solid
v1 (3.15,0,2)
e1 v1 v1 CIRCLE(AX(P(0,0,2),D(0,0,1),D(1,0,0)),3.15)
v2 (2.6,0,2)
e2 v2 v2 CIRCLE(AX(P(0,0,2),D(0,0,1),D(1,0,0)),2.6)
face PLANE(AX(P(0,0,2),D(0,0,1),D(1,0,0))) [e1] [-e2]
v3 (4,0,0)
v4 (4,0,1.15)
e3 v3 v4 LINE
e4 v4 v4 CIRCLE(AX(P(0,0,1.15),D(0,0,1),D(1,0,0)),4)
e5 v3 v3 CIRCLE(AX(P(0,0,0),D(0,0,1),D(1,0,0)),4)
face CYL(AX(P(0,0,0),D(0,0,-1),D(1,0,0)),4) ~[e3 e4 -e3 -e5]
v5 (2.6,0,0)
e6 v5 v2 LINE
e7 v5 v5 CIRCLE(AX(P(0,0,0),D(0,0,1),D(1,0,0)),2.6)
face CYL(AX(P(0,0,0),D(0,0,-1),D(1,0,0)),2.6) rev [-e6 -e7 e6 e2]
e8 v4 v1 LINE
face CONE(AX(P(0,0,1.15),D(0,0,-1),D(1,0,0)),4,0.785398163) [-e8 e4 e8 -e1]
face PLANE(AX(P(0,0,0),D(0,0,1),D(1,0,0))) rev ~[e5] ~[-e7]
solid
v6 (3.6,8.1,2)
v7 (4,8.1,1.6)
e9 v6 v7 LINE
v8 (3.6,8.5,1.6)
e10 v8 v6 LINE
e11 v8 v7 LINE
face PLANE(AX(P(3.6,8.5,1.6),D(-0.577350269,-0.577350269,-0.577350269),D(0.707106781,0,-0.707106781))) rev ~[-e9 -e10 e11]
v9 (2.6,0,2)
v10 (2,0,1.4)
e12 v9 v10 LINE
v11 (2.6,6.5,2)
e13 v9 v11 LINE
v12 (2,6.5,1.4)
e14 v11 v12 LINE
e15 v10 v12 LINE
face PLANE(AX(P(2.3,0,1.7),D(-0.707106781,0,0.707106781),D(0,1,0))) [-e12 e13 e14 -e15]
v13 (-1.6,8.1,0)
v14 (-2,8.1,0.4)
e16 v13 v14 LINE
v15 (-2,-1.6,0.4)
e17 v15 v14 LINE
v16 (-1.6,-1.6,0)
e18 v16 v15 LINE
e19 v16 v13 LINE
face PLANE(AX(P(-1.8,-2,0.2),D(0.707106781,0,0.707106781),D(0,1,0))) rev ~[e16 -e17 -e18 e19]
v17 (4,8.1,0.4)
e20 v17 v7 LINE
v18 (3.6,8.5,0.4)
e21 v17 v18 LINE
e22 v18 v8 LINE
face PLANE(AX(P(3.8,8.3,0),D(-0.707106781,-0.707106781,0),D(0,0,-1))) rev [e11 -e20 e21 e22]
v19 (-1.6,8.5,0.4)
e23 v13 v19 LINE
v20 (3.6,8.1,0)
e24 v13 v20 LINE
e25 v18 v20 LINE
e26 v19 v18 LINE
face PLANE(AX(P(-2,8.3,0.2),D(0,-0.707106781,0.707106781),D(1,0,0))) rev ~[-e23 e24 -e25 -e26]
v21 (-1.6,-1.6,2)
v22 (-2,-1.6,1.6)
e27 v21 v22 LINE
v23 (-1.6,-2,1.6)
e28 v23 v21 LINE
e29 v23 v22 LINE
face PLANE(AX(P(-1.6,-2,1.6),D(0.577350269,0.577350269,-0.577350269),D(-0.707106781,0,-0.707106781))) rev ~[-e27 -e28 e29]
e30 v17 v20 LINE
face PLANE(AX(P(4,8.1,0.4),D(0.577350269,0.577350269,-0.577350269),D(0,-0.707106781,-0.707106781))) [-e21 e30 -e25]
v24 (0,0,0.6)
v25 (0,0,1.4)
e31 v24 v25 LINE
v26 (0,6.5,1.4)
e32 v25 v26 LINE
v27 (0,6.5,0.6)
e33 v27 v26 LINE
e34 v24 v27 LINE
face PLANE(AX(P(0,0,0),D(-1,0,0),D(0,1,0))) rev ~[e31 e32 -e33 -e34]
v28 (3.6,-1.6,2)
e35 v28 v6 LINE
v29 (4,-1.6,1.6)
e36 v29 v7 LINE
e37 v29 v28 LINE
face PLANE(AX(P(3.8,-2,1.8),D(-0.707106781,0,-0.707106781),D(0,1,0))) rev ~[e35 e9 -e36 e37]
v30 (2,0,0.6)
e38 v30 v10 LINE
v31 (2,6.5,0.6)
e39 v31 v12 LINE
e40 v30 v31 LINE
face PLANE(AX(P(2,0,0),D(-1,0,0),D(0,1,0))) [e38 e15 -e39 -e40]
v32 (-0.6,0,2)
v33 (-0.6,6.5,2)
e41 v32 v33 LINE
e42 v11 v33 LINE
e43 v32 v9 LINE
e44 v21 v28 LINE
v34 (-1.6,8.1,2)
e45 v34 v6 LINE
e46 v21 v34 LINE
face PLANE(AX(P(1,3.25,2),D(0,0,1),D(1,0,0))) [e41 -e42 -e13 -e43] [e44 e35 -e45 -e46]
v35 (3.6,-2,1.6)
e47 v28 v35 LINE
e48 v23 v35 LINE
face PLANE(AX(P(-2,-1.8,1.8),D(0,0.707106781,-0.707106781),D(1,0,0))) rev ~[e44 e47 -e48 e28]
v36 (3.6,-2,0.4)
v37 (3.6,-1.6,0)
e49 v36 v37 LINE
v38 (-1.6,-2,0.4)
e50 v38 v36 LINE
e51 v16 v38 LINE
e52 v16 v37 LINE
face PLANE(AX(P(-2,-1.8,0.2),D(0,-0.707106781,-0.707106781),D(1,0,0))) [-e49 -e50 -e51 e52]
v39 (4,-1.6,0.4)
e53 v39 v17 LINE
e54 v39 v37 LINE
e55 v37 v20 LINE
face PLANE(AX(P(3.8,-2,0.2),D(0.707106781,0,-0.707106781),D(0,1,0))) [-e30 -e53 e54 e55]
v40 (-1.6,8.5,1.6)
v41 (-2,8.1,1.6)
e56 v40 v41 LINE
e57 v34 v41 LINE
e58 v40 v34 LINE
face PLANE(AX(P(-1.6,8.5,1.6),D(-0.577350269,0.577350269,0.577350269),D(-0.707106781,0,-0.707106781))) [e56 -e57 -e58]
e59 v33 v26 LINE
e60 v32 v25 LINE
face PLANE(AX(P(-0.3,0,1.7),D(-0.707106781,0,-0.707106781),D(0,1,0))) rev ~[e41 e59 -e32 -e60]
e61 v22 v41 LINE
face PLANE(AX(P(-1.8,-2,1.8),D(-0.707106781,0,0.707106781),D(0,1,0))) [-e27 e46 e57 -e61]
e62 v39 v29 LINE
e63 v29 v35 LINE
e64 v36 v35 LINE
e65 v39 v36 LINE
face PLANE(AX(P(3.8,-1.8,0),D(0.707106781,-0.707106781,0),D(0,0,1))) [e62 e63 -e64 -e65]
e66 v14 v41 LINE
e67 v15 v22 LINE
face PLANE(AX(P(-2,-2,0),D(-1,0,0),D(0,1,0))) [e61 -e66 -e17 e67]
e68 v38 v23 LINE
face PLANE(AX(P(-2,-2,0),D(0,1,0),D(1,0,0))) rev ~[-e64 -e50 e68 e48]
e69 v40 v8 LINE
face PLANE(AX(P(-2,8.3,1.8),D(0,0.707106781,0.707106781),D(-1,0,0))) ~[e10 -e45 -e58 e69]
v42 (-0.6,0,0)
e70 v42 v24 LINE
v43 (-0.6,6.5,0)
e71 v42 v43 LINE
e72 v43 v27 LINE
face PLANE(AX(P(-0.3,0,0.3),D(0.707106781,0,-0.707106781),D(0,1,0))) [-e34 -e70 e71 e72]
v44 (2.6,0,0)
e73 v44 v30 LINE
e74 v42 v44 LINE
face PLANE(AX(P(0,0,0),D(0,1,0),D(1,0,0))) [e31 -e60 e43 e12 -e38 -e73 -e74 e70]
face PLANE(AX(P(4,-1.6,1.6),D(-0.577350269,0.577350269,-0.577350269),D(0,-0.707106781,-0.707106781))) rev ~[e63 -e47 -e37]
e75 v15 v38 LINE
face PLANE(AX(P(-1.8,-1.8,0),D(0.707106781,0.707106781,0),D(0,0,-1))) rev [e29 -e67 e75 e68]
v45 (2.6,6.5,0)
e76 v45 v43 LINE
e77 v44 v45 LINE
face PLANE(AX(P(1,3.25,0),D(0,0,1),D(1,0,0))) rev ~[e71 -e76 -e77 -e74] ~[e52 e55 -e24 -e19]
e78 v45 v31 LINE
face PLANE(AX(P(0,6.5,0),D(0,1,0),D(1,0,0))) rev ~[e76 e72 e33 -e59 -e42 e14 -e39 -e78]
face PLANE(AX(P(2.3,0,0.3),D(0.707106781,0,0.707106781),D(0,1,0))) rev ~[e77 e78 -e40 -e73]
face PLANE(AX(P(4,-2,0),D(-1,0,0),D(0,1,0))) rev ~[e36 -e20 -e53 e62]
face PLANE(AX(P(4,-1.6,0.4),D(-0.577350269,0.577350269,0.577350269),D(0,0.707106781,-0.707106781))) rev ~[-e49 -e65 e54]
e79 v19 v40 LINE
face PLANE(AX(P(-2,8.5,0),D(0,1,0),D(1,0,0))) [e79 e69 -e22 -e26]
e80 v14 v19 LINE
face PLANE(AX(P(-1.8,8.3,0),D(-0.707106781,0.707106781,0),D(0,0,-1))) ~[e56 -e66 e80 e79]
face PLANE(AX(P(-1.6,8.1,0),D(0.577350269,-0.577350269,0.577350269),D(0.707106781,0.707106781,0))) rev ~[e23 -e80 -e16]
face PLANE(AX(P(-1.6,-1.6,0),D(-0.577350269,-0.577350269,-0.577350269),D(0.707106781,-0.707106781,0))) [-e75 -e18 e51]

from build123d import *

# Parameters (mm, degrees)
TUBE_R          = 4
TUBE_R_2        = 2.6
TUBE_DEPTH      = 2
CHAMFER_SIZE    = 0.85
BOX_W           = 2
BOX_H           = 6.5
BOX_DEPTH       = 2
BOX001_W        = 6
BOX001_H        = 10.5
BOX001_DEPTH    = 2
CHAMFER001_SIZE = 0.6
CHAMFER002_SIZE = 0.4


with BuildPart() as chamfer_body:
    # Tube → Tube (new body)
    with BuildSketch(Plane.XY):
        Circle(TUBE_R)
        Circle(TUBE_R_2, mode=Mode.SUBTRACT)
    extrude(amount=TUBE_DEPTH)

    # Chamfer
    chamfer_edges = [chamfer_body.edges().sort_by_distance(p)[0] for p in [
        (-4, 0, 2),
    ]]
    chamfer(chamfer_edges, length=CHAMFER_SIZE)


with BuildPart() as cube:
    # Box → Box (new body)
    with BuildSketch(Plane.XY):
        with Locations((1, 3.25)):
            Rectangle(BOX_W, BOX_H)
    extrude(amount=BOX_DEPTH)


with BuildPart() as chamfer002:
    # Box001 → Box001 (new body)
    with BuildSketch(Plane(origin=(-2, -2, 0), x_dir=(1, 0, 0), z_dir=(0, 0, 1))):
        with Locations((3, 5.25)):
            Rectangle(BOX001_W, BOX001_H)
    extrude(amount=BOX001_DEPTH)

    # Cut: cut Cube
    add(cube.part, mode=Mode.SUBTRACT)

    # Chamfer001
    chamfer001_edges = [chamfer002.edges().sort_by_distance(p)[0] for p in [
        (0, 3.25, 2),
        (2, 3.25, 2),
        (0, 3.25, 0),
        (2, 3.25, 0),
    ]]
    chamfer(chamfer001_edges, length=CHAMFER001_SIZE)

    # Chamfer002
    chamfer002_edges = [chamfer002.edges().sort_by_distance(p)[0] for p in [
        (-2, 3.25, 2),
        (1, -2, 2),
        (4, 3.25, 2),
        (1, 8.5, 2),
        (-2, -2, 1),
        (-2, 8.5, 1),
        (-2, 3.25, 0),
        (1, 8.5, 0),
        (4, 8.5, 1),
        (1, -2, 0),
        (4, -2, 1),
        (4, 3.25, 0),
    ]]
    chamfer(chamfer002_edges, length=CHAMFER002_SIZE)


solid = Compound([chamfer_body.part, chamfer002.part])
